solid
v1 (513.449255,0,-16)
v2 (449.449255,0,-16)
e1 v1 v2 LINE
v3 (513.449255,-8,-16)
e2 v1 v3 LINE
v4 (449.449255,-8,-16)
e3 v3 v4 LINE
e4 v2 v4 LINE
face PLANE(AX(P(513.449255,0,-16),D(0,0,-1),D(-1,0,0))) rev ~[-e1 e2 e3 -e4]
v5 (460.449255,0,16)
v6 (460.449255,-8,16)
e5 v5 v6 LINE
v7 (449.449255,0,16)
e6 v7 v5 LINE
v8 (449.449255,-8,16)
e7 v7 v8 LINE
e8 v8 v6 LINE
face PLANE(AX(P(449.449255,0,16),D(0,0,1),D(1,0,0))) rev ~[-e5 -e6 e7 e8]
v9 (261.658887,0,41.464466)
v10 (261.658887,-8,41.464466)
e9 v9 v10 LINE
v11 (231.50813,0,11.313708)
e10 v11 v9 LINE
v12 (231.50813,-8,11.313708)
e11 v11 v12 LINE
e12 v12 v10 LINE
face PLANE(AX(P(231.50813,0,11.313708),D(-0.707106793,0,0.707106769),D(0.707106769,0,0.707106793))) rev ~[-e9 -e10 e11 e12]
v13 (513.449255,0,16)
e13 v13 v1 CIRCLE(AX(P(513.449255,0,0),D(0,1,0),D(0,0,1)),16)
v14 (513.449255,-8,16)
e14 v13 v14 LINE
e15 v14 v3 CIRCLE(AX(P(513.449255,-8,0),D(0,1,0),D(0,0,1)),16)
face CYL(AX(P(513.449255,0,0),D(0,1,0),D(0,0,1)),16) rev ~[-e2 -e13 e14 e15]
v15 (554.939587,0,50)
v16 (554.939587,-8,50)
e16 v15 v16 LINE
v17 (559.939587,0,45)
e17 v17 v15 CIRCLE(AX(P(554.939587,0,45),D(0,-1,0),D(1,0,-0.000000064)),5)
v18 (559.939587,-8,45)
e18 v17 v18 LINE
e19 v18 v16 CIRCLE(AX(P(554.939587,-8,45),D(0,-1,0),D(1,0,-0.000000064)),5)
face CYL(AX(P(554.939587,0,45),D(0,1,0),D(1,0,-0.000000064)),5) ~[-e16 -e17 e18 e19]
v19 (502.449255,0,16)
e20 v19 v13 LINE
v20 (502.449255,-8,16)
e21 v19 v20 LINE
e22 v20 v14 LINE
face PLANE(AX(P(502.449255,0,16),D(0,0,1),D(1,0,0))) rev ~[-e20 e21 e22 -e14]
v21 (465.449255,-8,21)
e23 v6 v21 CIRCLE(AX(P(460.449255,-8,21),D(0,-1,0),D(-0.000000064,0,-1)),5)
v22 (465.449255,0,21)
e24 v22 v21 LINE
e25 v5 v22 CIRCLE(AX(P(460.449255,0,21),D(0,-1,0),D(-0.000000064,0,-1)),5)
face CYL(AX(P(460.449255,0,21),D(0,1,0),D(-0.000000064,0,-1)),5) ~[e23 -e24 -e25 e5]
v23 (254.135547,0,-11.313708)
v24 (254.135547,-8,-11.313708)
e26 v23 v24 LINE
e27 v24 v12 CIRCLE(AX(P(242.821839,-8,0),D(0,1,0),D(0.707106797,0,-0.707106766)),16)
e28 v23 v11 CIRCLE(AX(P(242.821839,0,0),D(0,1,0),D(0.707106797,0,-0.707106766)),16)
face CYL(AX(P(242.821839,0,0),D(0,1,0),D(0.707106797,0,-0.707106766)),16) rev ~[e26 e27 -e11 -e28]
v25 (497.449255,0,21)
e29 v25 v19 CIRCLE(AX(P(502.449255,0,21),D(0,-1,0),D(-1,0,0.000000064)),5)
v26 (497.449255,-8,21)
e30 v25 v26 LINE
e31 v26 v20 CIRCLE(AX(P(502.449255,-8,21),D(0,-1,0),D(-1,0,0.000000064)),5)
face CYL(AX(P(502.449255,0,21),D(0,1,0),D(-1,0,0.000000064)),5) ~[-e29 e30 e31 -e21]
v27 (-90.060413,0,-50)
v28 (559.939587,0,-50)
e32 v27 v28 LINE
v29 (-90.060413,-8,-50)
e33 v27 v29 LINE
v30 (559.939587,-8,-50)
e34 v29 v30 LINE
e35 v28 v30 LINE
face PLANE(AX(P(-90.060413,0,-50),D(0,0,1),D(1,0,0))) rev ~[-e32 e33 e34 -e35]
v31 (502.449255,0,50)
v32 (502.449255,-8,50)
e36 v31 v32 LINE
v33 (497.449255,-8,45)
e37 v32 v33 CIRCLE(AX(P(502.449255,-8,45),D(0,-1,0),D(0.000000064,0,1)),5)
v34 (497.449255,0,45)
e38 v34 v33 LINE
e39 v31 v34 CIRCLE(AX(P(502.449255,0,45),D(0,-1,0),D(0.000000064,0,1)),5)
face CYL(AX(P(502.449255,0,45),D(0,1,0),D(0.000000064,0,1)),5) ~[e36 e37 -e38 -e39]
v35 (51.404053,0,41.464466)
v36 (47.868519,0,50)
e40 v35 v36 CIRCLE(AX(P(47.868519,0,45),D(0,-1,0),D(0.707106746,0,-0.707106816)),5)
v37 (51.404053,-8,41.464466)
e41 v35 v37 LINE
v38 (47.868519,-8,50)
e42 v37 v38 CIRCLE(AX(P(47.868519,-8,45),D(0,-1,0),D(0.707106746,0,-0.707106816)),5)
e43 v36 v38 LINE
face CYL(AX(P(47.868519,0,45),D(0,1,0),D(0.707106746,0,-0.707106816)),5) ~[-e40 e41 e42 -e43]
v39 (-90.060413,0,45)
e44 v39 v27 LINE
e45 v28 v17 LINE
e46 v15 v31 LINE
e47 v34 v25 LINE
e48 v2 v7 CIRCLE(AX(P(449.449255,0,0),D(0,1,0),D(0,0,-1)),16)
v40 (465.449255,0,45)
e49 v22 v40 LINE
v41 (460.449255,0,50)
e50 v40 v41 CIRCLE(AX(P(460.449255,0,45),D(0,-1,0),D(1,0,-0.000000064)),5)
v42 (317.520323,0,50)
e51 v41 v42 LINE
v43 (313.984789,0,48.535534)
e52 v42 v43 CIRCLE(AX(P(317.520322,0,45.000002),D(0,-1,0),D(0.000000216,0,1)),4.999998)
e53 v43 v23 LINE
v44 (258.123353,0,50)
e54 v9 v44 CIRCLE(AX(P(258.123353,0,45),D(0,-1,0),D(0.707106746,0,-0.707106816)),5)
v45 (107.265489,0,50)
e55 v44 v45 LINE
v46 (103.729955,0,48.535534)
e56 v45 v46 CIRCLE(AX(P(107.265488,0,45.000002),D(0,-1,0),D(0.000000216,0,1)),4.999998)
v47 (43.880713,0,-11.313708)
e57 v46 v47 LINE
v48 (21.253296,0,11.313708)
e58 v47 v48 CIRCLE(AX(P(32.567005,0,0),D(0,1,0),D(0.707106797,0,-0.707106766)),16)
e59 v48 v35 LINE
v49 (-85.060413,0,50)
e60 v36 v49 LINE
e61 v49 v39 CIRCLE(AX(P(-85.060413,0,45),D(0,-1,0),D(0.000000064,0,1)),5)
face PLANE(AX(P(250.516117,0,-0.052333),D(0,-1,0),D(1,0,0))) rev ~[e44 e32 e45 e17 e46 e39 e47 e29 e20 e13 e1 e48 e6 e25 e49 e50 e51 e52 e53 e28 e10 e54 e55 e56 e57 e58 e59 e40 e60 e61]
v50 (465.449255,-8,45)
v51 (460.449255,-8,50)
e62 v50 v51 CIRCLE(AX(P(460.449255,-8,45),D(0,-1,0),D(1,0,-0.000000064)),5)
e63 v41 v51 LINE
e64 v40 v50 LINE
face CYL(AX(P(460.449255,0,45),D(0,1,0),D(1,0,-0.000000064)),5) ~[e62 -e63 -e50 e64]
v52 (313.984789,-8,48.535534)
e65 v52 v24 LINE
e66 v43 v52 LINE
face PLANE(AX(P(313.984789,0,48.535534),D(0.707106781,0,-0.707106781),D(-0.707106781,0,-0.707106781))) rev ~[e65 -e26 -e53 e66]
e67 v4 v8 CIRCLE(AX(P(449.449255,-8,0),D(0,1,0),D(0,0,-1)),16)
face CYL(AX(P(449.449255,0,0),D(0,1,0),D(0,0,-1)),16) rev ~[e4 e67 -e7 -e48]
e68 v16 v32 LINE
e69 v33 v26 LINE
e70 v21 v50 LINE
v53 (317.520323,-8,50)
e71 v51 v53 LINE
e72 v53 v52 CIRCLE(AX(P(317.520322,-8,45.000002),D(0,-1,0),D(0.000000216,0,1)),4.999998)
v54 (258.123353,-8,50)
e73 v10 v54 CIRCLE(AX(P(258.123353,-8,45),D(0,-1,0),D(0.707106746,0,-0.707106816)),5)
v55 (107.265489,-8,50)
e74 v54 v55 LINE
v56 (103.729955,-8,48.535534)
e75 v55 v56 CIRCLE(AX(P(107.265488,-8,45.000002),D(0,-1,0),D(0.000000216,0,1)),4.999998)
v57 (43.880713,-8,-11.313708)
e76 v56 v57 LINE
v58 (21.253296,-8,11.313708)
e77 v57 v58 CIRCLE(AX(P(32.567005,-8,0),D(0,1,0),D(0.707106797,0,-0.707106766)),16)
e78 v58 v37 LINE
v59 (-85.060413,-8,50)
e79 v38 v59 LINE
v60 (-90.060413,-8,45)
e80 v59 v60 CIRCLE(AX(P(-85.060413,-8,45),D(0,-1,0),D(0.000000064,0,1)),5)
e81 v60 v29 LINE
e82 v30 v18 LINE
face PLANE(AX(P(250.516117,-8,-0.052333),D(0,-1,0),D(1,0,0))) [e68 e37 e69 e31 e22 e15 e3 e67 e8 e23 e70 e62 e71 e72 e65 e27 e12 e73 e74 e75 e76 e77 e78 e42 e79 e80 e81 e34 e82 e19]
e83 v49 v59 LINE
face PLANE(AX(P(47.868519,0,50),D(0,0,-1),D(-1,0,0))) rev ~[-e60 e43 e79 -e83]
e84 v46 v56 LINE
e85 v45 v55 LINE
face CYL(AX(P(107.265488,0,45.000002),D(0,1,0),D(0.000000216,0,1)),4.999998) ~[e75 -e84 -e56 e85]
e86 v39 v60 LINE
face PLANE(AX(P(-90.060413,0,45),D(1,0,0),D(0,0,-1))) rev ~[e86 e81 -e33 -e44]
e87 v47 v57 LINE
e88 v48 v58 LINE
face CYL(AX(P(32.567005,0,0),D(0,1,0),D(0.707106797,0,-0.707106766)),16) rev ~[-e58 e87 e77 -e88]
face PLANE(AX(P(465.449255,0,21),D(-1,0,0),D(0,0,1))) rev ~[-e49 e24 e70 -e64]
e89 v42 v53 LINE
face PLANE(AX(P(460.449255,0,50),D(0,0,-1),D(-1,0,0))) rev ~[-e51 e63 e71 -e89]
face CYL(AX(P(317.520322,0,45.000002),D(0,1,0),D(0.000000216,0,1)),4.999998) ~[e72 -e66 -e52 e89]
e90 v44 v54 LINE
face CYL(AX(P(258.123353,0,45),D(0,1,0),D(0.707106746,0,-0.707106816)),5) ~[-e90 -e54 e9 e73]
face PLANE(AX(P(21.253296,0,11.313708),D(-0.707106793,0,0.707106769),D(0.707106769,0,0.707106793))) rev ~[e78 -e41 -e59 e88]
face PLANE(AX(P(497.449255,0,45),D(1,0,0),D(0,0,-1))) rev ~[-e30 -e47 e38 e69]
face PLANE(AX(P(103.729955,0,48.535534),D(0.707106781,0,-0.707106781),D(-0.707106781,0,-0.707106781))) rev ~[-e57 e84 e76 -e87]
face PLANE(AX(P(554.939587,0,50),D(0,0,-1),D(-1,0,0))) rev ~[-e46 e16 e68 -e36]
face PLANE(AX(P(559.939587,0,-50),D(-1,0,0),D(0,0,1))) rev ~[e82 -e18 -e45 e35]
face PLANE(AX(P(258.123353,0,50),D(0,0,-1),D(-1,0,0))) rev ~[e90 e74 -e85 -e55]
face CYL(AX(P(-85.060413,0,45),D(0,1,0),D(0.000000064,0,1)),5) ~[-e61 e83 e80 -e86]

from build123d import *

# Parameters (mm, degrees)
F1_DEPTH = 8


with BuildPart() as f1:
    # F0 (on Front) → F1 (new body)
    with BuildSketch(Plane.XZ):
        with BuildLine():
            Line((47.868519, 50), (-85.060413, 50))
            ThreePointArc((-85.060413, 50), (-88.595947, 48.535534), (-90.060413, 45))
            Line((-90.060413, 45), (-90.060413, -50))
            Line((-90.060413, -50), (559.939587, -50))
            Line((559.939587, -50), (559.939587, 45))
            ThreePointArc((559.939587, 45), (558.475121, 48.535534), (554.939587, 50))
            Line((554.939587, 50), (502.449255, 50))
            ThreePointArc((502.449255, 50), (498.913721, 48.535534), (497.449255, 45))
            Line((497.449255, 45), (497.449255, 21))
            ThreePointArc((497.449255, 21), (498.913721, 17.464466), (502.449255, 16))
            Line((502.449255, 16), (513.449255, 16))
            ThreePointArc((513.449255, 16), (529.449255, 0), (513.449255, -16))
            Line((513.449255, -16), (449.449255, -16))
            ThreePointArc((449.449255, -16), (433.449255, 0), (449.449255, 16))
            Line((449.449255, 16), (460.449255, 16))
            ThreePointArc((460.449255, 16), (463.984789, 17.464466), (465.449255, 21))
            Line((465.449255, 21), (465.449255, 45))
            ThreePointArc((465.449255, 45), (463.984789, 48.535534), (460.449255, 50))
            Line((460.449255, 50), (317.520323, 50))
            ThreePointArc((317.520323, 50), (315.606906, 49.619398), (313.984789, 48.535534))
            Line((313.984789, 48.535534), (254.135547, -11.313708))
            ThreePointArc((254.135547, -11.313708), (231.50813, -11.313708), (231.50813, 11.313708))
            Line((231.50813, 11.313708), (261.658887, 41.464466))
            ThreePointArc((261.658887, 41.464466), (262.742751, 46.913417), (258.123353, 50))
            Line((258.123353, 50), (107.265489, 50))
            ThreePointArc((107.265489, 50), (105.352072, 49.619398), (103.729955, 48.535534))
            Line((103.729955, 48.535534), (43.880713, -11.313708))
            ThreePointArc((43.880713, -11.313708), (21.253296, -11.313708), (21.253296, 11.313708))
            Line((21.253296, 11.313708), (51.404053, 41.464466))
            ThreePointArc((51.404053, 41.464466), (52.487917, 46.913417), (47.868519, 50))
        make_face()
    extrude(amount=F1_DEPTH)


solid = f1.part
